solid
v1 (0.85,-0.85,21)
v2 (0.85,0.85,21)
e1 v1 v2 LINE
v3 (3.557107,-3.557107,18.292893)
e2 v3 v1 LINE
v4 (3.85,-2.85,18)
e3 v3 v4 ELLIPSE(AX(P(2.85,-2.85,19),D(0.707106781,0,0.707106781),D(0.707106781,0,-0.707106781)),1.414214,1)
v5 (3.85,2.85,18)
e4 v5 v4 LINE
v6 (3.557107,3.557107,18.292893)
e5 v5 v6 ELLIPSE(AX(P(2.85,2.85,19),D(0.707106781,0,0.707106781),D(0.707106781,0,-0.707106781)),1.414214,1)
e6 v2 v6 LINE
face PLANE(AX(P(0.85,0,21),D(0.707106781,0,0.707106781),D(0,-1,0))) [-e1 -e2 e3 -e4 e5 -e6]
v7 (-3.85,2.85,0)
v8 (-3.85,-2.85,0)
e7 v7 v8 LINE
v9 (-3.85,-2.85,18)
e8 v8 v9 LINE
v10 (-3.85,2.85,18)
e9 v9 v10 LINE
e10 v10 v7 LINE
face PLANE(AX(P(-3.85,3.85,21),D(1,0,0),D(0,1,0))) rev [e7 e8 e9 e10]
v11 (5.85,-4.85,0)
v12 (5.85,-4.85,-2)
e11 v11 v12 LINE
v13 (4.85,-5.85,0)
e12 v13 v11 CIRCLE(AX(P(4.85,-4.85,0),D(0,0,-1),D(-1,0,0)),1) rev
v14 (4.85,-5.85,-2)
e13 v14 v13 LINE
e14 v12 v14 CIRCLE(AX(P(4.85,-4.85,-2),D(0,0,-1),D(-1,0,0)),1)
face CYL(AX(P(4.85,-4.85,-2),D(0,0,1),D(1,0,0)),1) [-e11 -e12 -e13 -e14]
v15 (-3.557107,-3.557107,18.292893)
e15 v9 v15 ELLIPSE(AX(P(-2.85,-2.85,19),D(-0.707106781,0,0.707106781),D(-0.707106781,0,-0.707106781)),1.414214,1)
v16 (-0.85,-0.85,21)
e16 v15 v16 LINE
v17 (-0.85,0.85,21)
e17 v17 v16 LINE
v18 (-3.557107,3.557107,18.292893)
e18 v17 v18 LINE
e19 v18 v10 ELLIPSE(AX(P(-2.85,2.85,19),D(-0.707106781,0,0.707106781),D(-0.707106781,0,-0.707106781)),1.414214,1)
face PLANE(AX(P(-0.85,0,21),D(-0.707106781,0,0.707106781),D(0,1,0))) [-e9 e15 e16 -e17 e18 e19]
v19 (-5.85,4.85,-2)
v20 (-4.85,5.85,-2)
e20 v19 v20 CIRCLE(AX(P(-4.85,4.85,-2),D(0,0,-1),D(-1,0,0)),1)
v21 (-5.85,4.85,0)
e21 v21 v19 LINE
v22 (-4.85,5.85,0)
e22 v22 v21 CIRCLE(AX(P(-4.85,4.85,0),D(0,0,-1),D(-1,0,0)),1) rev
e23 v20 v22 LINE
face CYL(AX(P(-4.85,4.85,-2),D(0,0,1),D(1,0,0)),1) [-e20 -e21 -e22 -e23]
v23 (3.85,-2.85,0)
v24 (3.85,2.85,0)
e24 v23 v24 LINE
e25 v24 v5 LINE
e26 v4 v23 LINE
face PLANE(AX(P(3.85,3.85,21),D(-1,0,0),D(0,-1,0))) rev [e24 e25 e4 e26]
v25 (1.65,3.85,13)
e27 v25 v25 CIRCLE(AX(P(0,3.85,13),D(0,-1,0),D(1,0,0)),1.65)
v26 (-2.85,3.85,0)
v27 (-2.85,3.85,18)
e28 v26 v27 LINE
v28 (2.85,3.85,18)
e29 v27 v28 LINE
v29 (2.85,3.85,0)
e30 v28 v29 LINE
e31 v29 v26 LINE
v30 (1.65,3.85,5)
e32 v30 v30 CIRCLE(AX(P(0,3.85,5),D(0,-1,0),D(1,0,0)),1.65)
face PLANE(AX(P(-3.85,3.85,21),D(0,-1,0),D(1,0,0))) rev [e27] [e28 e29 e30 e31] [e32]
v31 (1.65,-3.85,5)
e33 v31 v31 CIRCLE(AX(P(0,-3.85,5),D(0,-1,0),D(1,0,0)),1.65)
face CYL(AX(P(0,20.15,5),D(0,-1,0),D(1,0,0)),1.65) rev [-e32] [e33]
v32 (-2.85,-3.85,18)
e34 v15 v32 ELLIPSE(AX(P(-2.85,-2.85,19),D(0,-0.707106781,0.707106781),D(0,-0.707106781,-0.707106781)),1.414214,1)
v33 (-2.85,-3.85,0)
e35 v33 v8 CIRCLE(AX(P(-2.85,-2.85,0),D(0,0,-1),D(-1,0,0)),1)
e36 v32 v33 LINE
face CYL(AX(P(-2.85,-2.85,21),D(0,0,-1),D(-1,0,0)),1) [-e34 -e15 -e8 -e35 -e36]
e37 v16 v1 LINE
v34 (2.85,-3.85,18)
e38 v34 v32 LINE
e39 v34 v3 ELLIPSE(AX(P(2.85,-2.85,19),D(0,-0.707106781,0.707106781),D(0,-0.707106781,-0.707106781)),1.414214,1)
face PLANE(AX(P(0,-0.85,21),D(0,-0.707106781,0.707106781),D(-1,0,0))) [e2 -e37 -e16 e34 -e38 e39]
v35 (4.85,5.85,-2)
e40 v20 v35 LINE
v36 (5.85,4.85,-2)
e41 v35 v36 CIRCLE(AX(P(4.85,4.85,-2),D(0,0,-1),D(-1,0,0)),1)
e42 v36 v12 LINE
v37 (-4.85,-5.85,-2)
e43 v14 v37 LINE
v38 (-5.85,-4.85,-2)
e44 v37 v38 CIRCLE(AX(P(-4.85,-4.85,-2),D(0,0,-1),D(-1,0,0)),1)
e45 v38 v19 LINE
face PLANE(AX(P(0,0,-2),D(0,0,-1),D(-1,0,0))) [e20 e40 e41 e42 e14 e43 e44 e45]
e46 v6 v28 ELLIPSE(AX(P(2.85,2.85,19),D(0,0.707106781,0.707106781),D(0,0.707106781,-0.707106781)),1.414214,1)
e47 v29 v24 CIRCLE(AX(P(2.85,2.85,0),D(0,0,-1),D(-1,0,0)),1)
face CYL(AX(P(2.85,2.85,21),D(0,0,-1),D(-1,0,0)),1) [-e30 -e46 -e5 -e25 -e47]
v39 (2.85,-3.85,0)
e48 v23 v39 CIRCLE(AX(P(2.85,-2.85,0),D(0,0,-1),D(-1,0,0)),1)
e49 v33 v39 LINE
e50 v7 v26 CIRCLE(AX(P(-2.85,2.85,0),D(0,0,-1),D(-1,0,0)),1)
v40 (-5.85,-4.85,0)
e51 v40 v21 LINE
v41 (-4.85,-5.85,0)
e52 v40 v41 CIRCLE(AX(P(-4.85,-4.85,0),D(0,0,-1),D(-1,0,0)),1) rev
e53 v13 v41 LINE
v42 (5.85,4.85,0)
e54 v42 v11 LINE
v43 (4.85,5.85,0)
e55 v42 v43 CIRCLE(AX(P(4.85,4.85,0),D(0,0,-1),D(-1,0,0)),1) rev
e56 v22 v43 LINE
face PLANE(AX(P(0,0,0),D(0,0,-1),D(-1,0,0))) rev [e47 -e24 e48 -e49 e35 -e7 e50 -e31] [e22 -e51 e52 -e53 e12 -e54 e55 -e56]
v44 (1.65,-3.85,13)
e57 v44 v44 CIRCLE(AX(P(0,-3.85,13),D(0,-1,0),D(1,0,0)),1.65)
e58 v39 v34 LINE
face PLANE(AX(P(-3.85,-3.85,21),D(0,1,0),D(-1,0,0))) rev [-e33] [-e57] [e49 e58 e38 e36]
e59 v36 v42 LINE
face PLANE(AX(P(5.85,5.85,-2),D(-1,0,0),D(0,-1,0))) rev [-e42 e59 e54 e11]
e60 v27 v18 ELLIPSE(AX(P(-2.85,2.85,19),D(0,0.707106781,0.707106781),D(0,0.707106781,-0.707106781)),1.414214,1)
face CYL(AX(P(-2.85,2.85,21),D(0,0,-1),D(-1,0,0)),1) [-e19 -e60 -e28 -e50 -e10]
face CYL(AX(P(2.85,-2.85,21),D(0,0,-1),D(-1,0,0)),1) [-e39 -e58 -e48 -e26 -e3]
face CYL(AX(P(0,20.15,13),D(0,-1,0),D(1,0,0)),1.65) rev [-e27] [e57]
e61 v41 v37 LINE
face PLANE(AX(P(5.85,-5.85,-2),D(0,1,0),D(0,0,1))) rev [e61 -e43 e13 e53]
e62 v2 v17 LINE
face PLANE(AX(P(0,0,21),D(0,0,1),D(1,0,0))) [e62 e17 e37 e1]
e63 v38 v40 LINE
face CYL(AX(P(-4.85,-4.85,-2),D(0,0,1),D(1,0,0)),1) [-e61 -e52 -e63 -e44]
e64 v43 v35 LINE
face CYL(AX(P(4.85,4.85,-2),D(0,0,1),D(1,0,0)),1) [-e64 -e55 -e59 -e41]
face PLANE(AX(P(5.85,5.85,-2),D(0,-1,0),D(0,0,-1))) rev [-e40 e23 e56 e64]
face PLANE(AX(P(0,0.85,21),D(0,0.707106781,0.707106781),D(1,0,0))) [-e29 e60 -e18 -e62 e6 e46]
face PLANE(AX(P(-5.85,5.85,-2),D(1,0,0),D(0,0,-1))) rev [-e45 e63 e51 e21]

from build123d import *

# Parameters (mm, degrees)
SKETCH_1_W          = 7.7
SKETCH_1_H          = 7.7
EXTRUDE_1_DEPTH     = 21
SKETCH_2_W          = 11.7
SKETCH_2_H          = 11.7
EXTRUDE_2_DEPTH     = 2
CHAMFER_1_SIZE      = 3
FILLET_2_R          = 1
SKETCH_5_R          = 1.65
CUT_EXTRUDE_2_DEPTH = 24


with BuildPart() as part:
    # 草图1 → 凸台-拉伸1 (new body)
    with BuildSketch(Plane.XY):
        Rectangle(SKETCH_1_W, SKETCH_1_H)
    extrude(amount=EXTRUDE_1_DEPTH)

    # 草图2 → 凸台-拉伸2 (add)
    with BuildSketch(Plane(origin=(0, 0, 0), x_dir=(-1, 0, 0), z_dir=(0, 0, -1))):
        Rectangle(SKETCH_2_W, SKETCH_2_H)
    extrude(amount=EXTRUDE_2_DEPTH)

    # 倒角1
    chamfer_1_edges = [part.edges().sort_by_distance(p)[0] for p in [
        (-3.85, 0, 21),
        (0, -3.85, 21),
        (3.85, 0, 21),
        (0, 3.85, 21),
    ]]
    chamfer(chamfer_1_edges, length=CHAMFER_1_SIZE)

    # 圆角2
    fillet_2_edges = [part.edges().sort_by_distance(p)[0] for p in [
        (-5.85, -5.85, -1),
        (-5.85, 5.85, -1),
        (5.85, 5.85, -1),
        (5.85, -5.85, -1),
        (-3.85, -3.85, 9),
        (-3.85, 3.85, 9),
        (3.85, -3.85, 9),
        (3.85, 3.85, 9),
    ]]
    fillet(fillet_2_edges, radius=FILLET_2_R)

    # 草图5 → 切除-拉伸2 (cut)
    with BuildSketch(Plane.XZ.offset(3.85)):
        with Locations((0, 5)):
            Circle(SKETCH_5_R)
        with Locations((0, 13)):
            Circle(SKETCH_5_R)
    extrude(amount=-CUT_EXTRUDE_2_DEPTH, mode=Mode.SUBTRACT)


solid = part.part
